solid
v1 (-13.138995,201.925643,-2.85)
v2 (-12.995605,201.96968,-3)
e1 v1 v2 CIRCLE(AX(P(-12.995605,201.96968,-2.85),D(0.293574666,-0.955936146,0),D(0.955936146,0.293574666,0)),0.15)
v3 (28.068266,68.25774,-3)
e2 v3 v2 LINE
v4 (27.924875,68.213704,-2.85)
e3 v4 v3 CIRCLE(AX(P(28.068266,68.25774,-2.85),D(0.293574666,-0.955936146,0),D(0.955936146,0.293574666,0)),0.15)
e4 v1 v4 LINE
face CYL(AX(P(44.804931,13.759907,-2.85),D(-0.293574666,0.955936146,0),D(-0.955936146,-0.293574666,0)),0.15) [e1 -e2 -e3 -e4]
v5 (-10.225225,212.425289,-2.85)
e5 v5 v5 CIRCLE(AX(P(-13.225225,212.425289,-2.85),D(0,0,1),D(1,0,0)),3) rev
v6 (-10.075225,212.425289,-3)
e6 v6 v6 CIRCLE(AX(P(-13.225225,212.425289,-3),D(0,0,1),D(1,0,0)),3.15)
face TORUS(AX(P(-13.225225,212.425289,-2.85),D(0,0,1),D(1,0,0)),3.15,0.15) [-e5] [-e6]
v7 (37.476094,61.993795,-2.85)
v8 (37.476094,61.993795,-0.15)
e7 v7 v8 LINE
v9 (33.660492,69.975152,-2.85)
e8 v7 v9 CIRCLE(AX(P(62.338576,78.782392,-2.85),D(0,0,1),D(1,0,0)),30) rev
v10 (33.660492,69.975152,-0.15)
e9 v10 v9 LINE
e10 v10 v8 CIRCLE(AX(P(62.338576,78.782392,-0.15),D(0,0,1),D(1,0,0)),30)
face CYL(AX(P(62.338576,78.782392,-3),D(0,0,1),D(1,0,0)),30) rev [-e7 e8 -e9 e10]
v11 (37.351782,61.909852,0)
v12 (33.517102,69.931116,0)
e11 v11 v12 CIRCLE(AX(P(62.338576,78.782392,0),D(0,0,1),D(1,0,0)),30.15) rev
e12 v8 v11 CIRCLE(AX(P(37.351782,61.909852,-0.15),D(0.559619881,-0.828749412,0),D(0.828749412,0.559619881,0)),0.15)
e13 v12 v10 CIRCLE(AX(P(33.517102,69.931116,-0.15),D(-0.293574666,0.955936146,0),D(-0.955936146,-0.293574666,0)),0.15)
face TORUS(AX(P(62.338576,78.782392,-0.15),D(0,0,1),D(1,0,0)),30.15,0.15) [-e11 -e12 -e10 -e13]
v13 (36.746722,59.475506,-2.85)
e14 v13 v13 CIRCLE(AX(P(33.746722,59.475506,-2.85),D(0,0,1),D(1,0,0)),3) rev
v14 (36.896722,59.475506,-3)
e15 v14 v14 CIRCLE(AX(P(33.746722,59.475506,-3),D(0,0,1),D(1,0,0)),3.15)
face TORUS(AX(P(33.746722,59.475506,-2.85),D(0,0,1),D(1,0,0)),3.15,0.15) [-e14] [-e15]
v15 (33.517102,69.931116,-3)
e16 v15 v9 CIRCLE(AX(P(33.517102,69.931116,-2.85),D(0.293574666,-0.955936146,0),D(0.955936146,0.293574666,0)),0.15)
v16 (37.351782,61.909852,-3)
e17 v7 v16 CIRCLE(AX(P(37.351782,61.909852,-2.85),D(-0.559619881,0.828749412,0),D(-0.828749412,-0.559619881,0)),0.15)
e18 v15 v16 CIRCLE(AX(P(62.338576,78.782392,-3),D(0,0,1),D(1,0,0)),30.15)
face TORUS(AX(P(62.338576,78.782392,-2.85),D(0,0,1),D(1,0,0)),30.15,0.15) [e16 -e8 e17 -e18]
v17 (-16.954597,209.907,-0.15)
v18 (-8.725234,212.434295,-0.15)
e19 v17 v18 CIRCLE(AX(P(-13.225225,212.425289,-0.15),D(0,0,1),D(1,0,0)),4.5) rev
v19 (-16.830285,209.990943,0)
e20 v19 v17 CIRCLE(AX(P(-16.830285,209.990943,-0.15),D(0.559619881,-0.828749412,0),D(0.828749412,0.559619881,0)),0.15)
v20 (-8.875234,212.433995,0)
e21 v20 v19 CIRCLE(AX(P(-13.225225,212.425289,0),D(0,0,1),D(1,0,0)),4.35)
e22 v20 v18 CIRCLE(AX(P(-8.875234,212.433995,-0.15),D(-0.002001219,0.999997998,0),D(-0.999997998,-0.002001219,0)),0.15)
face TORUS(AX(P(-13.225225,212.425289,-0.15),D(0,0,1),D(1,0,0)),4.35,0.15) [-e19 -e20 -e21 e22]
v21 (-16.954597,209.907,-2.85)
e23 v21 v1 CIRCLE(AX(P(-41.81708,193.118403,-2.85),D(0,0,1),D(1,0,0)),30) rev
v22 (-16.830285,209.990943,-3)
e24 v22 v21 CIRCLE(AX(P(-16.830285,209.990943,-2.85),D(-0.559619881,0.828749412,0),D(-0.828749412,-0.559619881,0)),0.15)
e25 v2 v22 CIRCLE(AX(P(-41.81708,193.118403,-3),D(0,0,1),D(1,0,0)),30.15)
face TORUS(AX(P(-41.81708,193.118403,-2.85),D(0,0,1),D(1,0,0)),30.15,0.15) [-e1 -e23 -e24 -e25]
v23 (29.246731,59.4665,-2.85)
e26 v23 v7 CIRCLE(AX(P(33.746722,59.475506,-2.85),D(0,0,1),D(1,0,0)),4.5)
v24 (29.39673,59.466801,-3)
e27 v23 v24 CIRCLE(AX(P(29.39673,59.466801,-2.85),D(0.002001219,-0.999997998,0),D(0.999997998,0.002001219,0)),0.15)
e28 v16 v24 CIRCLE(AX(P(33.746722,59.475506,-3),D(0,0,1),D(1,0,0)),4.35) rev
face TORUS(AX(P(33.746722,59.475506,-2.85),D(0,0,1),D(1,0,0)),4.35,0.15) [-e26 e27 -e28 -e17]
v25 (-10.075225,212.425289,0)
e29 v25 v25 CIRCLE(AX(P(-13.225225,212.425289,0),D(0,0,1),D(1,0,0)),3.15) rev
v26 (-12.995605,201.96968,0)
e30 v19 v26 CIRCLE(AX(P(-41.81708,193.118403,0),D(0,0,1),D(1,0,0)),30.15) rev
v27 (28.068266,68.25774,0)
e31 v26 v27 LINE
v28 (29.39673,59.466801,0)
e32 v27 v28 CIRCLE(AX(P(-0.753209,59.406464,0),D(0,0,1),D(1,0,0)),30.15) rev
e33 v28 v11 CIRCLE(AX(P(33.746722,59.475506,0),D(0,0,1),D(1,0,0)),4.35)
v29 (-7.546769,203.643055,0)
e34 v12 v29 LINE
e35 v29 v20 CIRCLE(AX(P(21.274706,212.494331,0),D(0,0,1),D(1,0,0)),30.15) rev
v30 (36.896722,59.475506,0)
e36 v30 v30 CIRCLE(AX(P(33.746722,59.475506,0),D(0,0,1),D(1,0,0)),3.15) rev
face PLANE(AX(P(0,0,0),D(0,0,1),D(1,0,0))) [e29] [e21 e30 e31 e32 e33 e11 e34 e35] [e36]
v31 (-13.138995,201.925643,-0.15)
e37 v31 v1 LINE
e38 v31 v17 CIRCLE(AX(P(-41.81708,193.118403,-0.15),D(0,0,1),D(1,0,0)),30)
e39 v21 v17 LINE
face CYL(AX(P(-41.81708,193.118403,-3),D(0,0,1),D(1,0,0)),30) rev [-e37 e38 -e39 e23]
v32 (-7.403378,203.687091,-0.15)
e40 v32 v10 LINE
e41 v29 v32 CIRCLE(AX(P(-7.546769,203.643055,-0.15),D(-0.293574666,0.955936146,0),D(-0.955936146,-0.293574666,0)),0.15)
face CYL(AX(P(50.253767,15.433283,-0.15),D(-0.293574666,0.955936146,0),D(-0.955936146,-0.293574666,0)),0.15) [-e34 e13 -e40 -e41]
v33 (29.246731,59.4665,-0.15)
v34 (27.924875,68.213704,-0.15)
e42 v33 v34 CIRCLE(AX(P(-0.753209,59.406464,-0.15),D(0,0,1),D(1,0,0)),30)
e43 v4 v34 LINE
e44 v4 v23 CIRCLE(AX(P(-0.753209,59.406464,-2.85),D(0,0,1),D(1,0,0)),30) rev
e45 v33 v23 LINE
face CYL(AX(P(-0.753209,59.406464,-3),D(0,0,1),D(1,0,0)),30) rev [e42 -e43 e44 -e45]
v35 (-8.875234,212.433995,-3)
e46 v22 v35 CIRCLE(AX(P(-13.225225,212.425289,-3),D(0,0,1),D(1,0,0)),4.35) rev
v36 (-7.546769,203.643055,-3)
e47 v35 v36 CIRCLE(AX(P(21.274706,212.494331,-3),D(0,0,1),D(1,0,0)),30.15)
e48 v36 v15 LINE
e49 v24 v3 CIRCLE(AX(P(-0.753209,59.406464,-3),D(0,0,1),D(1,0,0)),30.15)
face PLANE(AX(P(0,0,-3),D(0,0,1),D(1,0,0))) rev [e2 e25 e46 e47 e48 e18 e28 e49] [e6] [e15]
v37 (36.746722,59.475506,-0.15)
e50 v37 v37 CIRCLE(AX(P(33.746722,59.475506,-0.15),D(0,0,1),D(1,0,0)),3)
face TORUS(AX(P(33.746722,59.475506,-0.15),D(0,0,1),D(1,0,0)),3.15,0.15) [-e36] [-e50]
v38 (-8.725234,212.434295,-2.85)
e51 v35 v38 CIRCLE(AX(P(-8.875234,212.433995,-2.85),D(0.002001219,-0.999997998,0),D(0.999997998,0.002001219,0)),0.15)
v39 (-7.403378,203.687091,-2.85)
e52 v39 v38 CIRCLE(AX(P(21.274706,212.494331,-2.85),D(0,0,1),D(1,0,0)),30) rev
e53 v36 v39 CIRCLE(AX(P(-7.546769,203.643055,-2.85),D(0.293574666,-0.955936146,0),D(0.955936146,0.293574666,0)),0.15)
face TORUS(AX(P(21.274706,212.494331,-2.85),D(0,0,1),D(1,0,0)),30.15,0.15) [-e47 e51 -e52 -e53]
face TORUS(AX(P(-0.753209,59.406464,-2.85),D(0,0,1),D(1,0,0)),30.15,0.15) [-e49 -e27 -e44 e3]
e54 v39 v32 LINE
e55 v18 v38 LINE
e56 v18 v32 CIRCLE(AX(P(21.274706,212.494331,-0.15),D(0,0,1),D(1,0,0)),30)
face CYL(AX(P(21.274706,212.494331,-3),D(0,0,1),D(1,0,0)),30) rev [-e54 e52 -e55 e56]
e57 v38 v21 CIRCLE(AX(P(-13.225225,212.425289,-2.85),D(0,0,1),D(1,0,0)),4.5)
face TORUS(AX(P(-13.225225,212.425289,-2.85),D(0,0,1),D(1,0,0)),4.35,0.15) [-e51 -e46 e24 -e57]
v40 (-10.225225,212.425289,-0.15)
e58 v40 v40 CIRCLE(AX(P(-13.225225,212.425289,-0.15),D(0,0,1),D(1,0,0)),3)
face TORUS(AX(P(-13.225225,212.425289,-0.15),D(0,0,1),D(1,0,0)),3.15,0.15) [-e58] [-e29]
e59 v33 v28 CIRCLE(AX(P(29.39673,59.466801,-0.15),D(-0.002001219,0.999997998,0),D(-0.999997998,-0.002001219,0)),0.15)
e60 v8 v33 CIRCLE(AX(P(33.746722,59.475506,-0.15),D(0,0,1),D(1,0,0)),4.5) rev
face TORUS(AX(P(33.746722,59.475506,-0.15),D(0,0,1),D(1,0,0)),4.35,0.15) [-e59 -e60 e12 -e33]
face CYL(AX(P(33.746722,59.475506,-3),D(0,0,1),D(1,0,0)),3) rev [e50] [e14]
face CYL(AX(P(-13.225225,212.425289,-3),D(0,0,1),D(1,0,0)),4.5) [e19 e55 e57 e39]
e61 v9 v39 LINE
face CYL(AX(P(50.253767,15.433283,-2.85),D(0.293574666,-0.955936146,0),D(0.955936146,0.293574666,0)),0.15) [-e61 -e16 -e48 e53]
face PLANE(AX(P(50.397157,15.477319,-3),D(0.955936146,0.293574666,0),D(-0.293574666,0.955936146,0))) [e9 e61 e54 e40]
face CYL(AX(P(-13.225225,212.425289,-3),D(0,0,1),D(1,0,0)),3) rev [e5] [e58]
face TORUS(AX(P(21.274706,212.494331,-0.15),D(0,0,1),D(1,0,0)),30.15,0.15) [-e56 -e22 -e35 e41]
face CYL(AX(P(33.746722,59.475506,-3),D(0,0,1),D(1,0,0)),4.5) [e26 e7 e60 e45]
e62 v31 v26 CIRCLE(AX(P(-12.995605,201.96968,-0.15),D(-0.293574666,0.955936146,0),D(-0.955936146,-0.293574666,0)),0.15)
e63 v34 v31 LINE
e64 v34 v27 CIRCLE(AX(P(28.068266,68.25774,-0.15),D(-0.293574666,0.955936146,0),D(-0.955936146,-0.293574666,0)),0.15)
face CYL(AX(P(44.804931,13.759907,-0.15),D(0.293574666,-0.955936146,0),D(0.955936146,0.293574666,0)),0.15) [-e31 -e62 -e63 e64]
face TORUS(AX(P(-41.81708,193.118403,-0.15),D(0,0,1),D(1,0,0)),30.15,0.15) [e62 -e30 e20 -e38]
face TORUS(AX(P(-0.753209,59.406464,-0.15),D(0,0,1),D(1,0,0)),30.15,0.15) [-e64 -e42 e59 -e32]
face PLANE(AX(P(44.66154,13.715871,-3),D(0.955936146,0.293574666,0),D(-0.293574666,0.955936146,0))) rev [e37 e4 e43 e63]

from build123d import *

# Parameters (mm, degrees)
EXTRUDE_1_DEPTH = 3
FILLET_1_R      = 30
FILLET_2_R      = 0.15


with BuildPart() as part:
    # 草图1 → 凸台-拉伸1 (new body)
    with BuildSketch(Plane.XY):
        with BuildLine():
            Line((-15.108353931, 208.338258003), (29.894233953, 61.801089253))
            ThreePointArc((29.894233953, 61.801089253), (32.425635759, 63.777218602), (35.62985083, 63.562537251))
            Line((35.62985083, 63.562537251), (-9.372737055, 210.099706001))
            ThreePointArc((-9.372737055, 210.099706001), (-11.90413886, 208.123576652), (-15.108353931, 208.338258003))
        make_face()
        with BuildLine():
            ThreePointArc((36.614530195, 60.356229944), (34.627445756, 56.607697507), (30.878913319, 58.594781946))
            Line((30.878913319, 58.594781946), (29.894233953, 61.801089253))
            ThreePointArc((29.894233953, 61.801089253), (32.539699619, 55.140405305), (38.246721757, 59.475505945))
            ThreePointArc((38.246721757, 59.475505945), (37.536450034, 61.90201776), (35.62985083, 63.562537251))
            Line((35.62985083, 63.562537251), (36.614530195, 60.356229944))
        make_face()
        with BuildLine():
            ThreePointArc((-8.725224859, 212.425289309), (-15.651736673, 216.215017586), (-15.108353931, 208.338258003))
            Line((-15.108353931, 208.338258003), (-16.093033297, 211.54456531))
            ThreePointArc((-16.093033297, 211.54456531), (-14.105948858, 215.293097747), (-10.357416421, 213.306013308))
            Line((-10.357416421, 213.306013308), (-9.372737055, 210.099706001))
            ThreePointArc((-9.372737055, 210.099706001), (-8.890124219, 211.218267171), (-8.725224859, 212.425289309))
        make_face()
        with BuildLine():
            Line((-16.093033297, 211.54456531), (-15.108353931, 208.338258003))
            ThreePointArc((-15.108353931, 208.338258003), (-11.90413886, 208.123576652), (-9.372737055, 210.099706001))
            Line((-9.372737055, 210.099706001), (-10.357416421, 213.306013308))
            ThreePointArc((-10.357416421, 213.306013308), (-12.34450086, 209.557480871), (-16.093033297, 211.54456531))
        make_face()
        with BuildLine():
            Line((29.894233953, 61.801089253), (30.878913319, 58.594781946))
            ThreePointArc((30.878913319, 58.594781946), (32.865997758, 62.343314383), (36.614530195, 60.356229944))
            Line((36.614530195, 60.356229944), (35.62985083, 63.562537251))
            ThreePointArc((35.62985083, 63.562537251), (32.425635759, 63.777218602), (29.894233953, 61.801089253))
        make_face()
    extrude(amount=-EXTRUDE_1_DEPTH)

    # 圆角1
    fillet_1_edges = [part.edges().sort_by_distance(p)[0] for p in [
        (29.894233953, 61.801089253, -1.5),
        (-15.108353931, 208.338258003, -1.5),
        (-9.372737055, 210.099706001, -1.5),
        (35.62985083, 63.562537251, -1.5),
    ]]
    fillet(fillet_1_edges, radius=FILLET_1_R)

    # 圆角2
    fillet_2_edges = [part.edges().sort_by_distance(p)[0] for p in [
        (-10.357416421, 213.306013308, 0),
        (-14.546310857, 216.727001966, 0),
        (-14.546310857, 216.727001966, -3),
        (7.392940011, 135.069673628, 0),
        (7.392940011, 135.069673628, -3),
        (13.128556887, 136.831121626, 0),
        (13.128556887, 136.831121626, -3),
        (33.751224503, 54.975508198, 0),
        (33.751224503, 54.975508198, -3),
        (-14.750982991, 206.05773937, 0),
        (-14.750982991, 206.05773937, -3),
        (-8.388503918, 208.011701126, 0),
        (30.878913319, 58.594781946, -3),
        (-8.388503918, 208.011701126, -3),
        (35.272479889, 65.843055884, 0),
        (35.272479889, 65.843055884, -3),
        (28.910000817, 63.889094128, 0),
        (28.910000817, 63.889094128, -3),
        (-10.357416421, 213.306013308, -3),
        (30.878913319, 58.594781946, 0),
    ]]
    fillet(fillet_2_edges, radius=FILLET_2_R)


solid = part.part
